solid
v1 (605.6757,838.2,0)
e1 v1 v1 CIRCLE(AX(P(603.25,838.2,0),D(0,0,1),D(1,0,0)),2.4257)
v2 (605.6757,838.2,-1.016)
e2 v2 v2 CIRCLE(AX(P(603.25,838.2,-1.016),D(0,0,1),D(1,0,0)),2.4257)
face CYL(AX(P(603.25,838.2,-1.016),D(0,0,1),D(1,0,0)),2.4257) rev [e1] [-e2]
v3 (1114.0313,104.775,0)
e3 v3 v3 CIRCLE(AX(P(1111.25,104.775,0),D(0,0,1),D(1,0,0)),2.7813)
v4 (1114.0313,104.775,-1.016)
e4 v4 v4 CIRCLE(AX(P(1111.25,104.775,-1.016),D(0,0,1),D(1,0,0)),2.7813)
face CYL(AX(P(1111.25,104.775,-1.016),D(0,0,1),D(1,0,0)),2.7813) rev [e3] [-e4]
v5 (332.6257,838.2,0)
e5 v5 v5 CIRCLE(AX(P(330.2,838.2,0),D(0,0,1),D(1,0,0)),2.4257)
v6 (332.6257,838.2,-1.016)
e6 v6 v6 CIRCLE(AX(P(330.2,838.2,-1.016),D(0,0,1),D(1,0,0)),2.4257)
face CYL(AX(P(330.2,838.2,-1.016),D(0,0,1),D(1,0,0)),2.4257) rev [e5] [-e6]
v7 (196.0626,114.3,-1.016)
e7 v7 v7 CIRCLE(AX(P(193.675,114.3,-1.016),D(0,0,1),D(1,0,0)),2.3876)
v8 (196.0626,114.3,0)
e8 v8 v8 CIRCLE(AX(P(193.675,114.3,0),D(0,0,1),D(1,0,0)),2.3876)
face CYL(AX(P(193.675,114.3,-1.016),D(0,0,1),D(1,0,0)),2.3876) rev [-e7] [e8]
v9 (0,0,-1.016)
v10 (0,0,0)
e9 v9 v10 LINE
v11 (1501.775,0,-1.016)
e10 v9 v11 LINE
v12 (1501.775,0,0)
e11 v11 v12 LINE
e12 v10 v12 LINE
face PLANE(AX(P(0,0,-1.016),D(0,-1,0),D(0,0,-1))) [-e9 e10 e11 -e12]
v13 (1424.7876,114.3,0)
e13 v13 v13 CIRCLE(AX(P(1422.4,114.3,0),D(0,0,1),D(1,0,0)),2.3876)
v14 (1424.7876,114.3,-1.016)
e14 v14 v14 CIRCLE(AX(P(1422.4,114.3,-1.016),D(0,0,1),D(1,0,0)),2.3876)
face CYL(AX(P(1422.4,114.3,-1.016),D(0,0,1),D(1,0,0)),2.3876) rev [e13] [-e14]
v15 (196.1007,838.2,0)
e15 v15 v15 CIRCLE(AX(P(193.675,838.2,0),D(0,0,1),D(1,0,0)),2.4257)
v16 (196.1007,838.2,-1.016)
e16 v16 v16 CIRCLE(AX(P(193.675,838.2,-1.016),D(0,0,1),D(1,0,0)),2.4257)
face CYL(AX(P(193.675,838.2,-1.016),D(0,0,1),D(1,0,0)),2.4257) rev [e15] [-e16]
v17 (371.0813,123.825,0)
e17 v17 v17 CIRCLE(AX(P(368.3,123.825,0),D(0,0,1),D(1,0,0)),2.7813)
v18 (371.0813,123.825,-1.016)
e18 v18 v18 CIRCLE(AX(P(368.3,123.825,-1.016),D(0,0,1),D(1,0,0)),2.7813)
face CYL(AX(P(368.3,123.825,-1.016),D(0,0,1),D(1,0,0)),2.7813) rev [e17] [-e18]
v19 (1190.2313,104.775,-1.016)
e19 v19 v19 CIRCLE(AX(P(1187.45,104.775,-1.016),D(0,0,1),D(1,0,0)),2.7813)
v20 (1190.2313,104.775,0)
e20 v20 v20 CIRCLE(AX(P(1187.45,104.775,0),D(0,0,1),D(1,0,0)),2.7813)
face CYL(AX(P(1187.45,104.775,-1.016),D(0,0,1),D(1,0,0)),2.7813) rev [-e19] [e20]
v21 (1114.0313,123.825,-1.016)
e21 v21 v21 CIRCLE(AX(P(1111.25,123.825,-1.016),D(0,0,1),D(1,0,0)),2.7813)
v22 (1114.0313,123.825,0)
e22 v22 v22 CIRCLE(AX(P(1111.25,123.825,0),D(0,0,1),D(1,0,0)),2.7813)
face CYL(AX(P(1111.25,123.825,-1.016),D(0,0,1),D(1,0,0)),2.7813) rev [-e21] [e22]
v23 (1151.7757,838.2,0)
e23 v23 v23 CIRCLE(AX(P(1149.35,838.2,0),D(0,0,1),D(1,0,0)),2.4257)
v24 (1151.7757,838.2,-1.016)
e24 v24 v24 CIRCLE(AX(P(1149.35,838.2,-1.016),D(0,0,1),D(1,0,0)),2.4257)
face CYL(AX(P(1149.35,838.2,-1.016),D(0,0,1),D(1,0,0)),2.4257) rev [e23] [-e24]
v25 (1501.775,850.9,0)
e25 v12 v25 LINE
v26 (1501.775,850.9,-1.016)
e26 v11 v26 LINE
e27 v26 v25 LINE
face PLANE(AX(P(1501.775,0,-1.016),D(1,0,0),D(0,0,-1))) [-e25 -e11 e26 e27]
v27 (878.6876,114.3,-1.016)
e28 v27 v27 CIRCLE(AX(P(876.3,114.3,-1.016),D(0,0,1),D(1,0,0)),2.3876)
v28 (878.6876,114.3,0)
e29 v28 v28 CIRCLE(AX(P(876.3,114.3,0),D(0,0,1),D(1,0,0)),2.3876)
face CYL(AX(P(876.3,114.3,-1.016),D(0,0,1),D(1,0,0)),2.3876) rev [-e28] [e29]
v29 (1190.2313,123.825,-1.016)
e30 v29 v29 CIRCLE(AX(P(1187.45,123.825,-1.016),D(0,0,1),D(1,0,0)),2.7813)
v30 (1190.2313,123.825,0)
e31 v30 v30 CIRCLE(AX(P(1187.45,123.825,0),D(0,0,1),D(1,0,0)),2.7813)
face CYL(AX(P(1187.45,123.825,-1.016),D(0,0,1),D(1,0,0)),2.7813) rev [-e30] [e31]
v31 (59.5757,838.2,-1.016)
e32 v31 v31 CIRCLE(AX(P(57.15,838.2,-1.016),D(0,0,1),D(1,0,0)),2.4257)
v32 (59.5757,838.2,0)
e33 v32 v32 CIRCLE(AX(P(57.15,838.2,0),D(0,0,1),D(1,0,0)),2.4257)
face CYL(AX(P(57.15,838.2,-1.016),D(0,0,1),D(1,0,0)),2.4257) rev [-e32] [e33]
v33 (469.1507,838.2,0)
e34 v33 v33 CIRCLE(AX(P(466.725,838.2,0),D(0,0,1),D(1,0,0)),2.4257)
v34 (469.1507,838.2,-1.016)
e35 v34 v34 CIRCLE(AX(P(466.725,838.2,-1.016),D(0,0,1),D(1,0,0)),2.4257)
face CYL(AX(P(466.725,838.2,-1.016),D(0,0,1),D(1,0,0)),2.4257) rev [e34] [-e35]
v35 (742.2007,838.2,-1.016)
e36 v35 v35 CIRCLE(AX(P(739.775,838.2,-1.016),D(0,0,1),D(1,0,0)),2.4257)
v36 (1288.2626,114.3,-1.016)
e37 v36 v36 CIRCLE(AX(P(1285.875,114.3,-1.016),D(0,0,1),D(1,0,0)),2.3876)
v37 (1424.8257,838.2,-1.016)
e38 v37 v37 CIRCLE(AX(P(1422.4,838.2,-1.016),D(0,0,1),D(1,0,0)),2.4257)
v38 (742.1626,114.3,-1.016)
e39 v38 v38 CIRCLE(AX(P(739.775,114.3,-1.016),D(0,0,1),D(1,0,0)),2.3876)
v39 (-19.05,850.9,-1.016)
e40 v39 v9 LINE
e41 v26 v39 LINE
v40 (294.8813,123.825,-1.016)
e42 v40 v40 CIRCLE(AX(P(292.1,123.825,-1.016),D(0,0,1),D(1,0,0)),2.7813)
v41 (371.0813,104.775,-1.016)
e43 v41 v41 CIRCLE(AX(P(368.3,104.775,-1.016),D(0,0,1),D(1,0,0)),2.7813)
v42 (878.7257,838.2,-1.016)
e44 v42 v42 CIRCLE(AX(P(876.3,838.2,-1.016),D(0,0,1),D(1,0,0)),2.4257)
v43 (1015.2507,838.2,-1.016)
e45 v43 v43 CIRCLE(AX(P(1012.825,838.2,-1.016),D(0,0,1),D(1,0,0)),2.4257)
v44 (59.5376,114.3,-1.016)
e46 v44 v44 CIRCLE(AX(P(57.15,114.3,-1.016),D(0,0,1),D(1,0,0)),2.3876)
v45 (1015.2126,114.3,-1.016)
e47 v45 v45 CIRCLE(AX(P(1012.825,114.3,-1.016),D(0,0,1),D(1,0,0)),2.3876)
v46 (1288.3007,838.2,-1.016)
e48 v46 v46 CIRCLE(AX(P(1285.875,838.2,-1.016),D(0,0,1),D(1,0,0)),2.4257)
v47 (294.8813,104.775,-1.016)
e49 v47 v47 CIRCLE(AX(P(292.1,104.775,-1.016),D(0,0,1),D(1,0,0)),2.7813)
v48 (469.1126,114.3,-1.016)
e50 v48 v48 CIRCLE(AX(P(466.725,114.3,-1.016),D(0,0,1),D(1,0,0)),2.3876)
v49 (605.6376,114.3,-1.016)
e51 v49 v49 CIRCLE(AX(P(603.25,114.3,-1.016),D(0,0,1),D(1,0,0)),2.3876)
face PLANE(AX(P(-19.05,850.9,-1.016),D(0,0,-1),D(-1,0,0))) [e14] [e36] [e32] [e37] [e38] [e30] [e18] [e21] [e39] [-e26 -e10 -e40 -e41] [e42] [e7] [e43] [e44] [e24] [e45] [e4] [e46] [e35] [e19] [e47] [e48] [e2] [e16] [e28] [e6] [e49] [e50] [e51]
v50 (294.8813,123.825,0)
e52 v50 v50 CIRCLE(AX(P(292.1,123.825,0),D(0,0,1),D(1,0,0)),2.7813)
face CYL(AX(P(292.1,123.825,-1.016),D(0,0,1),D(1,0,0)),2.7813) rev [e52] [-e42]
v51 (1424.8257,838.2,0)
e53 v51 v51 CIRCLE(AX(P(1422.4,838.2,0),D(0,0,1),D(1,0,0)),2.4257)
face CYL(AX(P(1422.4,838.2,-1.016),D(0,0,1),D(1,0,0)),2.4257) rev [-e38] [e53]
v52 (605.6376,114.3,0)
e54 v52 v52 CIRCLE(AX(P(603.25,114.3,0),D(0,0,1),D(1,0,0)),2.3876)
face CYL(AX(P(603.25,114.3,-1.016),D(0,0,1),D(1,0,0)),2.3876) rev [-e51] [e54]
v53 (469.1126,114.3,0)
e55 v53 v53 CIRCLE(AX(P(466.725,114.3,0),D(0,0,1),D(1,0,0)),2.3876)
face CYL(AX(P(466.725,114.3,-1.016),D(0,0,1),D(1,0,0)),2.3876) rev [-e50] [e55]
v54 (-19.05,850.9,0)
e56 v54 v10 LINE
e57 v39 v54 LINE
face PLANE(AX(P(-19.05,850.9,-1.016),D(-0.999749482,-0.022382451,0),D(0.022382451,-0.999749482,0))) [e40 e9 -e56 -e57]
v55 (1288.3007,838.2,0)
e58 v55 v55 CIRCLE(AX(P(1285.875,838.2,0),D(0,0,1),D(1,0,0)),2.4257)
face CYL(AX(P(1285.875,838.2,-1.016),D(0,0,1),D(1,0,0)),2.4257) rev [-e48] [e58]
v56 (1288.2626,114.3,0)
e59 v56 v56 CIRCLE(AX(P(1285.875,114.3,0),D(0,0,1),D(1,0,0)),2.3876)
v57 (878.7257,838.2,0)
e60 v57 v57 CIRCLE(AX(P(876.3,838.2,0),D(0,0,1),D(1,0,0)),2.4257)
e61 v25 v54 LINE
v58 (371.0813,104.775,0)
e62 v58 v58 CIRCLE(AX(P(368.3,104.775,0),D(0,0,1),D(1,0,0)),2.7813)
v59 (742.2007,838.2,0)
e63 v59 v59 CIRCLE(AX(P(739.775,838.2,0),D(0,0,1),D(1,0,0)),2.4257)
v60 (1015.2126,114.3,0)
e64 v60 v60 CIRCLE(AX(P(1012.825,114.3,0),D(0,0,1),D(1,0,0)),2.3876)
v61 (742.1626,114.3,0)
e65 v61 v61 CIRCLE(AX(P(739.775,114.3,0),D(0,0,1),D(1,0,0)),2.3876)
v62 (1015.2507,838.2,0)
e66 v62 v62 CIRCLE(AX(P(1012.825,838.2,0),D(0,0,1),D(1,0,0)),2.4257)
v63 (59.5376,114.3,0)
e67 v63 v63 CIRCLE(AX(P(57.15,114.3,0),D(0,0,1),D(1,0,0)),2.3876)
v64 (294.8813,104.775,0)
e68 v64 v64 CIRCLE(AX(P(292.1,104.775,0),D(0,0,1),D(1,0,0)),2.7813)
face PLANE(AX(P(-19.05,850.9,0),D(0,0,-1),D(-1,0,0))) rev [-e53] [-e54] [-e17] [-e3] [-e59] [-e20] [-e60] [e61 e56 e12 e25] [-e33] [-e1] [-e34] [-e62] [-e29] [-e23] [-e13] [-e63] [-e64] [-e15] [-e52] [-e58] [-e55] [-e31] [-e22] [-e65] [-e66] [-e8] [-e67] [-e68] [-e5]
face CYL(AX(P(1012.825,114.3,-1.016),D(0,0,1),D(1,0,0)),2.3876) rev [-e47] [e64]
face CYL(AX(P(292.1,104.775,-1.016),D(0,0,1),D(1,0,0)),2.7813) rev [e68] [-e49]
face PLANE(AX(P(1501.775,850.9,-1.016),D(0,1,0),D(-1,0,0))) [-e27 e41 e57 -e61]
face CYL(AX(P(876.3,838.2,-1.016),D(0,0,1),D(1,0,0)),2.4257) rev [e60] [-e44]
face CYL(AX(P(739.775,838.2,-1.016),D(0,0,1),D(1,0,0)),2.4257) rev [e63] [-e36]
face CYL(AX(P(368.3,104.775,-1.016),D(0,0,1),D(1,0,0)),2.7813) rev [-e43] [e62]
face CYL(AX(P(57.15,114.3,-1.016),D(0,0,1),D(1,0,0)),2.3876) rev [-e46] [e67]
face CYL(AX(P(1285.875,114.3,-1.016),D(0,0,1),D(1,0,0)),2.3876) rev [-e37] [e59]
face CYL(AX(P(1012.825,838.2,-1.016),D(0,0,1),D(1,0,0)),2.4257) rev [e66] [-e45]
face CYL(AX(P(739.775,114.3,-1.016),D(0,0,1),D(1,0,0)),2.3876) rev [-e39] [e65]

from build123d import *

# Parameters (mm, degrees)
SKETCH1_R      = 2.3876
SKETCH1_R_2    = 2.7813
SKETCH1_R_3    = 2.4257
EXTRUDE1_DEPTH = 1.016


with BuildPart() as part:
    # Sketch1 → Extrude1 (new body)
    with BuildSketch(Plane.XY):
        Polygon((0, 0), (1501.775, 0), (1501.775, 850.9), (-19.05, 850.9), align=None)
        with Locations((57.15, 114.3)):
            Circle(SKETCH1_R, mode=Mode.SUBTRACT)
        with Locations((292.1, 104.775)):
            Circle(SKETCH1_R_2, mode=Mode.SUBTRACT)
        with Locations((292.1, 123.825)):
            Circle(SKETCH1_R_2, mode=Mode.SUBTRACT)
        with Locations((193.675, 114.3)):
            Circle(SKETCH1_R, mode=Mode.SUBTRACT)
        with Locations((466.725, 114.3)):
            Circle(SKETCH1_R, mode=Mode.SUBTRACT)
        with Locations((603.25, 114.3)):
            Circle(SKETCH1_R, mode=Mode.SUBTRACT)
        with Locations((739.775, 114.3)):
            Circle(SKETCH1_R, mode=Mode.SUBTRACT)
        with Locations((1111.25, 123.825)):
            Circle(SKETCH1_R_2, mode=Mode.SUBTRACT)
        with Locations((1111.25, 104.775)):
            Circle(SKETCH1_R_2, mode=Mode.SUBTRACT)
        with Locations((1422.4, 114.3)):
            Circle(SKETCH1_R, mode=Mode.SUBTRACT)
        with Locations((368.3, 104.775)):
            Circle(SKETCH1_R_2, mode=Mode.SUBTRACT)
        with Locations((368.3, 123.825)):
            Circle(SKETCH1_R_2, mode=Mode.SUBTRACT)
        with Locations((876.3, 114.3)):
            Circle(SKETCH1_R, mode=Mode.SUBTRACT)
        with Locations((1285.875, 114.3)):
            Circle(SKETCH1_R, mode=Mode.SUBTRACT)
        with Locations((1187.45, 123.825)):
            Circle(SKETCH1_R_2, mode=Mode.SUBTRACT)
        with Locations((1187.45, 104.775)):
            Circle(SKETCH1_R_2, mode=Mode.SUBTRACT)
        with Locations((1012.825, 114.3)):
            Circle(SKETCH1_R, mode=Mode.SUBTRACT)
        with Locations((57.15, 838.2)):
            Circle(SKETCH1_R_3, mode=Mode.SUBTRACT)
        with Locations((193.675, 838.2)):
            Circle(SKETCH1_R_3, mode=Mode.SUBTRACT)
        with Locations((330.2, 838.2)):
            Circle(SKETCH1_R_3, mode=Mode.SUBTRACT)
        with Locations((466.725, 838.2)):
            Circle(SKETCH1_R_3, mode=Mode.SUBTRACT)
        with Locations((603.25, 838.2)):
            Circle(SKETCH1_R_3, mode=Mode.SUBTRACT)
        with Locations((739.775, 838.2)):
            Circle(SKETCH1_R_3, mode=Mode.SUBTRACT)
        with Locations((876.3, 838.2)):
            Circle(SKETCH1_R_3, mode=Mode.SUBTRACT)
        with Locations((1012.825, 838.2)):
            Circle(SKETCH1_R_3, mode=Mode.SUBTRACT)
        with Locations((1149.35, 838.2)):
            Circle(SKETCH1_R_3, mode=Mode.SUBTRACT)
        with Locations((1285.875, 838.2)):
            Circle(SKETCH1_R_3, mode=Mode.SUBTRACT)
        with Locations((1422.4, 838.2)):
            Circle(SKETCH1_R_3, mode=Mode.SUBTRACT)
    extrude(amount=-EXTRUDE1_DEPTH)


solid = part.part
